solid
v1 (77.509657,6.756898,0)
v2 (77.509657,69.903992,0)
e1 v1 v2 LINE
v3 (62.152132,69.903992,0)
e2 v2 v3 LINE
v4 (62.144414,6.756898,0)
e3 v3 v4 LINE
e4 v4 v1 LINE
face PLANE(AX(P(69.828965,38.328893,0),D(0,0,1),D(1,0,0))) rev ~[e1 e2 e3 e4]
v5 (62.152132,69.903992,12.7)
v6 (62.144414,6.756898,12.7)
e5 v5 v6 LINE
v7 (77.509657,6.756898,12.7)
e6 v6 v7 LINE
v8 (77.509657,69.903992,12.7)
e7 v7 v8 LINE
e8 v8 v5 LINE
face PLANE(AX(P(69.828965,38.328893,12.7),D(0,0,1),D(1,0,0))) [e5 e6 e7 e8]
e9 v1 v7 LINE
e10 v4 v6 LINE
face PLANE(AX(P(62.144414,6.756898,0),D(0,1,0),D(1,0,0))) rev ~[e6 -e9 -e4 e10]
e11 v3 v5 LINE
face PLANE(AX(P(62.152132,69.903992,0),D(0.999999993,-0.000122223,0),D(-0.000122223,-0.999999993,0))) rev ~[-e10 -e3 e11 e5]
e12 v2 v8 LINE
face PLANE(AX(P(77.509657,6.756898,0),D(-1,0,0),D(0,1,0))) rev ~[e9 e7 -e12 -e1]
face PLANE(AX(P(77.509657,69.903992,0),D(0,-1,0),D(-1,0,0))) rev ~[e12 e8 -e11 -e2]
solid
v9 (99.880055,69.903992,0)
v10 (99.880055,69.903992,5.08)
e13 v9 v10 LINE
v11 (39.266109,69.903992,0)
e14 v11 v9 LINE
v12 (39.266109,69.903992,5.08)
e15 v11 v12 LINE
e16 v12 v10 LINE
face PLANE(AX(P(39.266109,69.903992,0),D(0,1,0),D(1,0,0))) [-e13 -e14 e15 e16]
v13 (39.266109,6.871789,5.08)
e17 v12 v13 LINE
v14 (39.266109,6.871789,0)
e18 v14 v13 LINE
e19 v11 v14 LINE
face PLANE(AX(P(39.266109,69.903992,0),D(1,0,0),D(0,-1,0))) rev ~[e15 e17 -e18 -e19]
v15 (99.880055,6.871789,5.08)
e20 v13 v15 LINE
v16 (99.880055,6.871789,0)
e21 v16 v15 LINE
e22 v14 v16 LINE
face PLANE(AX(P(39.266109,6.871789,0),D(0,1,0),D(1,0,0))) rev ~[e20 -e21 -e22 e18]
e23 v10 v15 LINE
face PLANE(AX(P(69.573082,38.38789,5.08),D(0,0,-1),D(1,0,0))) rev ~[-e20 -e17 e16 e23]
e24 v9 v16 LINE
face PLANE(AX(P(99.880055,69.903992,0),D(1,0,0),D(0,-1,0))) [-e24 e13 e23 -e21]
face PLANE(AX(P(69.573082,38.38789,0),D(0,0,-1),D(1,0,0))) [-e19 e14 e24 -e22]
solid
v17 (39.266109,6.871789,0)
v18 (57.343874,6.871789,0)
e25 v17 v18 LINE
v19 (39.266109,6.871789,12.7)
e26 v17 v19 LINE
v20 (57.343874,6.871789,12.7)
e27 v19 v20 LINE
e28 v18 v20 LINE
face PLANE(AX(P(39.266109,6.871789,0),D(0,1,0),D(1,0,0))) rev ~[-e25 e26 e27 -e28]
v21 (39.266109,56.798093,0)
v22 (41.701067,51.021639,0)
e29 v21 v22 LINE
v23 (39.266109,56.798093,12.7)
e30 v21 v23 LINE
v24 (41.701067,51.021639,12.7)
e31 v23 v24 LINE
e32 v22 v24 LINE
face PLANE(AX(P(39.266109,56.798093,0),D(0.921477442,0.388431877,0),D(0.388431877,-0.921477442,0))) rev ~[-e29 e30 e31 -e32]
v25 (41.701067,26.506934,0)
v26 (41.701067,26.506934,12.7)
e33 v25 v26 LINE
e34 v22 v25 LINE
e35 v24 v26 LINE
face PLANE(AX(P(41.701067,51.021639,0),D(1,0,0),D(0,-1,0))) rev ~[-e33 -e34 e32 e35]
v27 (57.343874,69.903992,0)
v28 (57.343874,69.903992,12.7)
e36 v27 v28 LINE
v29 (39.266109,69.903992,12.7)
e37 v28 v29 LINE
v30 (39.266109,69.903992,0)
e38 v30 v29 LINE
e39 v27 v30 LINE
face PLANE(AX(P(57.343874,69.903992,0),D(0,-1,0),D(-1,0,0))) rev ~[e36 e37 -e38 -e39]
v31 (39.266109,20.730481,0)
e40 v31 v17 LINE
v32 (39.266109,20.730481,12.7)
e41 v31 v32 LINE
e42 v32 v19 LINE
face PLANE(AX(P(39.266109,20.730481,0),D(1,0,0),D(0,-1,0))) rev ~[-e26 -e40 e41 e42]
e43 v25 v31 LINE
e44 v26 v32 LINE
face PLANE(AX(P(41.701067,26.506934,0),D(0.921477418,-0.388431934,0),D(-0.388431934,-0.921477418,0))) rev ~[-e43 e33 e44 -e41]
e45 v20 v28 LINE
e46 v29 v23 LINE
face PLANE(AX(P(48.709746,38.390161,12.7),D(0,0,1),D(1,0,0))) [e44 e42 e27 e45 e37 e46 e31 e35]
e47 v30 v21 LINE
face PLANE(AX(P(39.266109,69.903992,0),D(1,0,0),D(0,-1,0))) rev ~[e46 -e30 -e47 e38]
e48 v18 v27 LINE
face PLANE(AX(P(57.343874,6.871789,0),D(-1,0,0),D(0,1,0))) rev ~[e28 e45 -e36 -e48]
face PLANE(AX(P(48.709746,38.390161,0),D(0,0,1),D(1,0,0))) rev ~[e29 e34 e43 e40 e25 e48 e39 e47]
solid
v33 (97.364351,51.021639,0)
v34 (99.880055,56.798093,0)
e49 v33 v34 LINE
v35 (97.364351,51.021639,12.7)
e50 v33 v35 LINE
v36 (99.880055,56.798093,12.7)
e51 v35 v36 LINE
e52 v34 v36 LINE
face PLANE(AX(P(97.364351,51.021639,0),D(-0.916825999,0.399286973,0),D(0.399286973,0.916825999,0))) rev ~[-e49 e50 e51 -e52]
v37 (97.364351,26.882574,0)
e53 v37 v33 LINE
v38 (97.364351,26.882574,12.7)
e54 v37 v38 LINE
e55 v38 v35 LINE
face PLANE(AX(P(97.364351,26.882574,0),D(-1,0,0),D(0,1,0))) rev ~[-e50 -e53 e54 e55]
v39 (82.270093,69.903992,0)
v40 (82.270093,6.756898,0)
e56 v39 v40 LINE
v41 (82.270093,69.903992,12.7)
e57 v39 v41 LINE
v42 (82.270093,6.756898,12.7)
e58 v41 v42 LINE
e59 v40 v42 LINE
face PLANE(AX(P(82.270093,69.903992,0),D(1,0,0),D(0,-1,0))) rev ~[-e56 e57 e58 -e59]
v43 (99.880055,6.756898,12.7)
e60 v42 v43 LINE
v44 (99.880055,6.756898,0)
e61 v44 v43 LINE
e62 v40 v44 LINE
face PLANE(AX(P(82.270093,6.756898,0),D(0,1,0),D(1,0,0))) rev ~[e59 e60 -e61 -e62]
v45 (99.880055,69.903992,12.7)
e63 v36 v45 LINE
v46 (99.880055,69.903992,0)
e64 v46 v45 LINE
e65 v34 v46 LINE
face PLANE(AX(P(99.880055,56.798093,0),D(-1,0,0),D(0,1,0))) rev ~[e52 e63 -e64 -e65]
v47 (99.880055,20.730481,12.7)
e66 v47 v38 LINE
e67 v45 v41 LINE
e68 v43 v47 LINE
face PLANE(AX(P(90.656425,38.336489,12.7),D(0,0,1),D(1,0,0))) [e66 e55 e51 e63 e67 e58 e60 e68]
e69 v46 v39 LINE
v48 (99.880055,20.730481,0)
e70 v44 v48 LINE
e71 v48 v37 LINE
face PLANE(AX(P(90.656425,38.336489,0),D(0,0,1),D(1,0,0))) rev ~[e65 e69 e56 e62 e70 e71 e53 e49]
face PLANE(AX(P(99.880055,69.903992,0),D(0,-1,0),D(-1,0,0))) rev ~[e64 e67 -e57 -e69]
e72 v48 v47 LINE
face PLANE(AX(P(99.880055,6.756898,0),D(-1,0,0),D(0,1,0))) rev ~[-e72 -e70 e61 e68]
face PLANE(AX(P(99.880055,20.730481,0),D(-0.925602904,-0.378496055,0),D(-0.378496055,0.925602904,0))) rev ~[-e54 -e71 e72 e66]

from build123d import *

# Parameters (mm, degrees)
F1_DEPTH = 12.7
F2_W     = 60.613946
F2_H     = 63.032203
F3_DEPTH = 5.08


with BuildPart() as f1:
    # F0 (on Top) → F1 (new body)
    with BuildSketch(Plane.XY):
        Polygon((57.343874, 69.903992), (39.266109, 69.903992), (39.266109, 56.798093), (41.701067, 51.021639), (41.701067, 26.506934), (39.266109, 20.730481), (39.266109, 6.871789), (57.343874, 6.871789), align=None)
        Polygon((77.509657, 69.903992), (62.152132, 69.903992), (62.144414, 6.756898), (77.509657, 6.756898), align=None)
        Polygon((99.880055, 69.903992), (82.270093, 69.903992), (82.270093, 6.756898), (99.880055, 6.756898), (99.880055, 20.730481), (97.364351, 26.882574), (97.364351, 51.021639), (99.880055, 56.798093), align=None)
    extrude(amount=F1_DEPTH)


with BuildPart() as f3:
    # F2 (on face) → F3 (new body)
    with BuildSketch(Plane(origin=(0, 0, 0), x_dir=(1, 0, 0), z_dir=(0, 0, -1))):
        with Locations((69.573082, -38.38789)):
            Rectangle(F2_W, F2_H)
    extrude(amount=-F3_DEPTH)


solid = Compound([f1.part, f3.part])
